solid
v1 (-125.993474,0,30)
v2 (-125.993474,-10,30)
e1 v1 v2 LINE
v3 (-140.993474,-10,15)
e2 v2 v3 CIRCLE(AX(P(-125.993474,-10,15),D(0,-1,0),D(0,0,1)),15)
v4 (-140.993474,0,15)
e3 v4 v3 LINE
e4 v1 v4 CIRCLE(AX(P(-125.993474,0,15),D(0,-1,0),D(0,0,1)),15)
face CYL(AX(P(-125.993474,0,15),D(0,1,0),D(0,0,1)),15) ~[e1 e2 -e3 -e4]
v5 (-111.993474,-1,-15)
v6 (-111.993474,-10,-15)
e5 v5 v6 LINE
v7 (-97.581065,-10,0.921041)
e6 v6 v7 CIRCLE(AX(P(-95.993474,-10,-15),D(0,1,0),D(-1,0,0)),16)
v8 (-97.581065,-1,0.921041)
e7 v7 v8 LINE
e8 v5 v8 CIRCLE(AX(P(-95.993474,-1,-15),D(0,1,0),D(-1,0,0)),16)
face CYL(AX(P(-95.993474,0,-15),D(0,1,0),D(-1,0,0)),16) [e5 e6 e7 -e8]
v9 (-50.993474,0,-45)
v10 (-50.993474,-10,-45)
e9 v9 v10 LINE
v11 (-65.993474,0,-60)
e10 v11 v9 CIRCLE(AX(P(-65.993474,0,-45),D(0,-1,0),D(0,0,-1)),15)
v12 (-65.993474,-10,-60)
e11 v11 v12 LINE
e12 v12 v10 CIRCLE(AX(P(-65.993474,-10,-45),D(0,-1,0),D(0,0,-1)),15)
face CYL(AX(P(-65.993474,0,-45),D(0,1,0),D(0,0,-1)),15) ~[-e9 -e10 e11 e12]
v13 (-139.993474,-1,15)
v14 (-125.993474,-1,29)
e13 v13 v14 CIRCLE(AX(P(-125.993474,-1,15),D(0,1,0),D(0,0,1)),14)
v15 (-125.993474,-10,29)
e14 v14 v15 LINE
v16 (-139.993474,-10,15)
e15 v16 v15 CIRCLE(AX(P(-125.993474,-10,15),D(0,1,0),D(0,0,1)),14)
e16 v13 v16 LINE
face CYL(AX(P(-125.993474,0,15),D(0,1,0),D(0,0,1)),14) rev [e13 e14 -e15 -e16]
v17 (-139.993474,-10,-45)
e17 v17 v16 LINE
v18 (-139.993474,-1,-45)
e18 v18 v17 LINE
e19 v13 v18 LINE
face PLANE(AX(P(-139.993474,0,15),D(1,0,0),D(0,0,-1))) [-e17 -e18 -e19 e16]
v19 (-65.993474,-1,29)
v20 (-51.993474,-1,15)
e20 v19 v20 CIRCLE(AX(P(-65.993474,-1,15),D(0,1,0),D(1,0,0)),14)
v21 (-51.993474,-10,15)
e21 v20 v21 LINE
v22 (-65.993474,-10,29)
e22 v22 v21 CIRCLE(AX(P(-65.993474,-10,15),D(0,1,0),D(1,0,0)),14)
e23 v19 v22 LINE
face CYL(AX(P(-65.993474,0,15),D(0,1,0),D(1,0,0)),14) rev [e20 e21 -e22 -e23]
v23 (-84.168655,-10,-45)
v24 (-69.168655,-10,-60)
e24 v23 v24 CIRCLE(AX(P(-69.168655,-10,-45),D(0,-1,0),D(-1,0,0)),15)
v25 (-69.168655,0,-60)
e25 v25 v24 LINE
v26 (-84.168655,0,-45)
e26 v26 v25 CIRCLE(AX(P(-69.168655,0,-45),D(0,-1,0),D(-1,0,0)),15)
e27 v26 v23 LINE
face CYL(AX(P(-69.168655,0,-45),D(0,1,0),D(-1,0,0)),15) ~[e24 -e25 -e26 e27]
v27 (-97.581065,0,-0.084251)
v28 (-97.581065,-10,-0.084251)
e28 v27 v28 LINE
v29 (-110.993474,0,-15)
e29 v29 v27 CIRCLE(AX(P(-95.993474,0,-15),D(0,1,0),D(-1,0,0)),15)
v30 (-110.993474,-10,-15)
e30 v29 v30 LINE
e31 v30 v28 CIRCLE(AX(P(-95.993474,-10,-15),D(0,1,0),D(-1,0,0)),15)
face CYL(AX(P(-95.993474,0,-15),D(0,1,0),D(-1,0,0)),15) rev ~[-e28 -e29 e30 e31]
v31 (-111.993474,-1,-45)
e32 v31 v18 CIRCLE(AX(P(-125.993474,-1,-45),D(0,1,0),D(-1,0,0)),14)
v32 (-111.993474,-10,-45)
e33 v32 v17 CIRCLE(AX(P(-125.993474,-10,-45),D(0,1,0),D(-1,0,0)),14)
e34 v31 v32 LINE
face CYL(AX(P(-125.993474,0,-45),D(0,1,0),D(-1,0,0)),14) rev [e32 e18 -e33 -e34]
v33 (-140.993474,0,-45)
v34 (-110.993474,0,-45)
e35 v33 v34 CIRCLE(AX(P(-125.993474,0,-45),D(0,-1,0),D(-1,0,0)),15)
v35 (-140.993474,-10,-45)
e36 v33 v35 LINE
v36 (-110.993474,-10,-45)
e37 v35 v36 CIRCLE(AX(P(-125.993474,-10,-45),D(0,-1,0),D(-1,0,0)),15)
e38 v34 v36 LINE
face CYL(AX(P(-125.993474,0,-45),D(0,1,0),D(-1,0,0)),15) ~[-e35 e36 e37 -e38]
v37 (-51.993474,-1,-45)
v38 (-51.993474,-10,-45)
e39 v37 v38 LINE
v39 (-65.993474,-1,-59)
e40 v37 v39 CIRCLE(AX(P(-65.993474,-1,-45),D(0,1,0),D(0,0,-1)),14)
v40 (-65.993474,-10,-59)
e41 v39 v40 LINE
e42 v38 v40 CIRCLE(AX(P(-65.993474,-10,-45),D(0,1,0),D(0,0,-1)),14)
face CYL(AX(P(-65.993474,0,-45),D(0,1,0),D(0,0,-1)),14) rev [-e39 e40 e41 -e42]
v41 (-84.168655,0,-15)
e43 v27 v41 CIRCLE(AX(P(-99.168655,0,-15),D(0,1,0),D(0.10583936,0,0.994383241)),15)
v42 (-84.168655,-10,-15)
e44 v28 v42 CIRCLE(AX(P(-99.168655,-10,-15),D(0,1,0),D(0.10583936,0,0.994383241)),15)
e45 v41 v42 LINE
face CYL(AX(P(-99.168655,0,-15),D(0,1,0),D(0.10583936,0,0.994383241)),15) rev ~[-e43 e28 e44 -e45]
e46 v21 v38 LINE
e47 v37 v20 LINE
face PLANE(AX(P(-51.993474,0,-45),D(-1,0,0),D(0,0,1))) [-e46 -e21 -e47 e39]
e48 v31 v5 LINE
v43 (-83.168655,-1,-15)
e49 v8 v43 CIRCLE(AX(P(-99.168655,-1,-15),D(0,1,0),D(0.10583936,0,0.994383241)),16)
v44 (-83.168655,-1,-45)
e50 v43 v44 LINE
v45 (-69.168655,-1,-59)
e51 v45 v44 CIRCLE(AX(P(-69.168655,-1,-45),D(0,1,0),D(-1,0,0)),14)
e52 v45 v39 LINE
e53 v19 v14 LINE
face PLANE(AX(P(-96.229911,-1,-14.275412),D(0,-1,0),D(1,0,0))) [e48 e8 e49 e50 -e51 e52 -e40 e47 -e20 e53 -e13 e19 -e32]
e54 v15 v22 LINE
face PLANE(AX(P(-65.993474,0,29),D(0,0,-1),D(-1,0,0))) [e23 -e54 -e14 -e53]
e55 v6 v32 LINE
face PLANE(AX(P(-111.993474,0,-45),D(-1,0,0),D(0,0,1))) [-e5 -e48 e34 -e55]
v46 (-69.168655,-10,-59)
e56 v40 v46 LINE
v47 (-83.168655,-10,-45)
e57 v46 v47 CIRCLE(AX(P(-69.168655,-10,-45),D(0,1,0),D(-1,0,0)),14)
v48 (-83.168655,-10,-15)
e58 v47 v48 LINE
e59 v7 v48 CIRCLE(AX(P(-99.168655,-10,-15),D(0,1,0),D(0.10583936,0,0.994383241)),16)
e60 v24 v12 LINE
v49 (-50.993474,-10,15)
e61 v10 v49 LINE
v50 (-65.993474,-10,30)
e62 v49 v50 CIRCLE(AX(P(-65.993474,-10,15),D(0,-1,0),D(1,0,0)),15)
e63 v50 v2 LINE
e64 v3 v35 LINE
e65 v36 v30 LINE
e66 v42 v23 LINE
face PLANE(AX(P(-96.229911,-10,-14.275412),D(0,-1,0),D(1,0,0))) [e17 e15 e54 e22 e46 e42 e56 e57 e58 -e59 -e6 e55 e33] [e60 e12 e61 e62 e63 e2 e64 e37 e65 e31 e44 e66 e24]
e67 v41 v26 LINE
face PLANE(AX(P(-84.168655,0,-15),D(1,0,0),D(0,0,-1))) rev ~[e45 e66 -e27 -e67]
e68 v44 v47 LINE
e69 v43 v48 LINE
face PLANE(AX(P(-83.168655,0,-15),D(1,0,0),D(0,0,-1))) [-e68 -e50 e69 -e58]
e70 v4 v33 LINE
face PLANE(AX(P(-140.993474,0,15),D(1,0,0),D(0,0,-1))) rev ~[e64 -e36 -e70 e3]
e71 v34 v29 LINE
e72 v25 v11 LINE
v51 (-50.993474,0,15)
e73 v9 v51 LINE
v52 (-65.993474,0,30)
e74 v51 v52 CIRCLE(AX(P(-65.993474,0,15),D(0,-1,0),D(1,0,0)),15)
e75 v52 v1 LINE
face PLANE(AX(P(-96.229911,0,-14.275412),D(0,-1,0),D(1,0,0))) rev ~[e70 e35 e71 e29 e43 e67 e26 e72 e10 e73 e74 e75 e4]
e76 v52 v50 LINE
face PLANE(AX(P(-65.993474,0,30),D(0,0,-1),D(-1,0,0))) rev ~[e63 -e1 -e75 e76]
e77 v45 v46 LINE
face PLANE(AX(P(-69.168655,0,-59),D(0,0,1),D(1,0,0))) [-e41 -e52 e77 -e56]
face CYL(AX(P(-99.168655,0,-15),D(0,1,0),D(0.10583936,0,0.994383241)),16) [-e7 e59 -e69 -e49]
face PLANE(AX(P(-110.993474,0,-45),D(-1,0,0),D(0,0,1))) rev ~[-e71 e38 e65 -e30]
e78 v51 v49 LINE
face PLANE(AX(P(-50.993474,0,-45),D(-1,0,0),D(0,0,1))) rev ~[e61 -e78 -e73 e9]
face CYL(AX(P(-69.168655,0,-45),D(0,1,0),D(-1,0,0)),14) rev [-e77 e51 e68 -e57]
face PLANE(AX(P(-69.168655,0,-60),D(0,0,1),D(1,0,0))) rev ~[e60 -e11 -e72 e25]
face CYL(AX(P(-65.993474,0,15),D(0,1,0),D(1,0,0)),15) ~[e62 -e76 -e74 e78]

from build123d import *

# Parameters (mm, degrees)
F1_DEPTH = 10
F2_T     = -1


with BuildPart() as f1:
    # F0 (on Front) → F1 (new body)
    with BuildSketch(Plane.XZ):
        with BuildLine():
            ThreePointArc((-125.9934743535, 30), (-136.6000760713, 25.6066017178), (-140.9934743535, 15))
            Line((-140.9934743535, 15), (-140.9934743535, -45))
            ThreePointArc((-140.9934743535, -45), (-136.6000760713, -55.6066017178), (-125.9934743535, -60))
            ThreePointArc((-125.9934743535, -60), (-115.3868726357, -55.6066017178), (-110.9934743535, -45))
            Line((-110.9934743535, -45), (-110.9934743535, -15))
            ThreePointArc((-110.9934743535, -15), (-107.1472597175, -4.9703902342), (-97.5810647464, -0.084251385))
            ThreePointArc((-97.5810647464, -0.084251385), (-88.0148697752, -4.9703902342), (-84.1686551392, -15))
            Line((-84.1686551392, -15), (-84.1686551392, -45))
            ThreePointArc((-84.1686551392, -45), (-79.775256857, -55.6066017178), (-69.1686551392, -60))
            Line((-69.1686551392, -60), (-65.9934743535, -60))
            ThreePointArc((-65.9934743535, -60), (-55.3868726357, -55.6066017178), (-50.9934743535, -45))
            Line((-50.9934743535, -45), (-50.9934743535, 15))
            ThreePointArc((-50.9934743535, 15), (-55.3868726357, 25.6066017178), (-65.9934743535, 30))
            Line((-65.9934743535, 30), (-125.9934743535, 30))
        make_face()
        with BuildLine():
            ThreePointArc((-95.9934743535, 0), (-96.7883865423, -0.0210776552), (-97.5810647464, -0.084251385))
            ThreePointArc((-97.5810647464, -0.084251385), (-98.3737429505, -0.0210776552), (-99.1686551392, 0))
            Line((-99.1686551392, 0), (-95.9934743535, 0))
        make_face(mode=Mode.SUBTRACT)
        with BuildLine():
            ThreePointArc((-99.1686551392, 0), (-98.3737429505, -0.0210776552), (-97.5810647464, -0.084251385))
            ThreePointArc((-97.5810647464, -0.084251385), (-96.7883865423, -0.0210776552), (-95.9934743535, 0))
            Line((-95.9934743535, 0), (-99.1686551392, 0))
        make_face()
    extrude(amount=F1_DEPTH)

    # F2
    f2_openings = [f1.faces().sort_by_distance(p)[0] for p in [
        (-56.286873, -10, 24.706602),
    ]]
    offset(amount=F2_T, openings=f2_openings, kind=Kind.INTERSECTION)


solid = f1.part
